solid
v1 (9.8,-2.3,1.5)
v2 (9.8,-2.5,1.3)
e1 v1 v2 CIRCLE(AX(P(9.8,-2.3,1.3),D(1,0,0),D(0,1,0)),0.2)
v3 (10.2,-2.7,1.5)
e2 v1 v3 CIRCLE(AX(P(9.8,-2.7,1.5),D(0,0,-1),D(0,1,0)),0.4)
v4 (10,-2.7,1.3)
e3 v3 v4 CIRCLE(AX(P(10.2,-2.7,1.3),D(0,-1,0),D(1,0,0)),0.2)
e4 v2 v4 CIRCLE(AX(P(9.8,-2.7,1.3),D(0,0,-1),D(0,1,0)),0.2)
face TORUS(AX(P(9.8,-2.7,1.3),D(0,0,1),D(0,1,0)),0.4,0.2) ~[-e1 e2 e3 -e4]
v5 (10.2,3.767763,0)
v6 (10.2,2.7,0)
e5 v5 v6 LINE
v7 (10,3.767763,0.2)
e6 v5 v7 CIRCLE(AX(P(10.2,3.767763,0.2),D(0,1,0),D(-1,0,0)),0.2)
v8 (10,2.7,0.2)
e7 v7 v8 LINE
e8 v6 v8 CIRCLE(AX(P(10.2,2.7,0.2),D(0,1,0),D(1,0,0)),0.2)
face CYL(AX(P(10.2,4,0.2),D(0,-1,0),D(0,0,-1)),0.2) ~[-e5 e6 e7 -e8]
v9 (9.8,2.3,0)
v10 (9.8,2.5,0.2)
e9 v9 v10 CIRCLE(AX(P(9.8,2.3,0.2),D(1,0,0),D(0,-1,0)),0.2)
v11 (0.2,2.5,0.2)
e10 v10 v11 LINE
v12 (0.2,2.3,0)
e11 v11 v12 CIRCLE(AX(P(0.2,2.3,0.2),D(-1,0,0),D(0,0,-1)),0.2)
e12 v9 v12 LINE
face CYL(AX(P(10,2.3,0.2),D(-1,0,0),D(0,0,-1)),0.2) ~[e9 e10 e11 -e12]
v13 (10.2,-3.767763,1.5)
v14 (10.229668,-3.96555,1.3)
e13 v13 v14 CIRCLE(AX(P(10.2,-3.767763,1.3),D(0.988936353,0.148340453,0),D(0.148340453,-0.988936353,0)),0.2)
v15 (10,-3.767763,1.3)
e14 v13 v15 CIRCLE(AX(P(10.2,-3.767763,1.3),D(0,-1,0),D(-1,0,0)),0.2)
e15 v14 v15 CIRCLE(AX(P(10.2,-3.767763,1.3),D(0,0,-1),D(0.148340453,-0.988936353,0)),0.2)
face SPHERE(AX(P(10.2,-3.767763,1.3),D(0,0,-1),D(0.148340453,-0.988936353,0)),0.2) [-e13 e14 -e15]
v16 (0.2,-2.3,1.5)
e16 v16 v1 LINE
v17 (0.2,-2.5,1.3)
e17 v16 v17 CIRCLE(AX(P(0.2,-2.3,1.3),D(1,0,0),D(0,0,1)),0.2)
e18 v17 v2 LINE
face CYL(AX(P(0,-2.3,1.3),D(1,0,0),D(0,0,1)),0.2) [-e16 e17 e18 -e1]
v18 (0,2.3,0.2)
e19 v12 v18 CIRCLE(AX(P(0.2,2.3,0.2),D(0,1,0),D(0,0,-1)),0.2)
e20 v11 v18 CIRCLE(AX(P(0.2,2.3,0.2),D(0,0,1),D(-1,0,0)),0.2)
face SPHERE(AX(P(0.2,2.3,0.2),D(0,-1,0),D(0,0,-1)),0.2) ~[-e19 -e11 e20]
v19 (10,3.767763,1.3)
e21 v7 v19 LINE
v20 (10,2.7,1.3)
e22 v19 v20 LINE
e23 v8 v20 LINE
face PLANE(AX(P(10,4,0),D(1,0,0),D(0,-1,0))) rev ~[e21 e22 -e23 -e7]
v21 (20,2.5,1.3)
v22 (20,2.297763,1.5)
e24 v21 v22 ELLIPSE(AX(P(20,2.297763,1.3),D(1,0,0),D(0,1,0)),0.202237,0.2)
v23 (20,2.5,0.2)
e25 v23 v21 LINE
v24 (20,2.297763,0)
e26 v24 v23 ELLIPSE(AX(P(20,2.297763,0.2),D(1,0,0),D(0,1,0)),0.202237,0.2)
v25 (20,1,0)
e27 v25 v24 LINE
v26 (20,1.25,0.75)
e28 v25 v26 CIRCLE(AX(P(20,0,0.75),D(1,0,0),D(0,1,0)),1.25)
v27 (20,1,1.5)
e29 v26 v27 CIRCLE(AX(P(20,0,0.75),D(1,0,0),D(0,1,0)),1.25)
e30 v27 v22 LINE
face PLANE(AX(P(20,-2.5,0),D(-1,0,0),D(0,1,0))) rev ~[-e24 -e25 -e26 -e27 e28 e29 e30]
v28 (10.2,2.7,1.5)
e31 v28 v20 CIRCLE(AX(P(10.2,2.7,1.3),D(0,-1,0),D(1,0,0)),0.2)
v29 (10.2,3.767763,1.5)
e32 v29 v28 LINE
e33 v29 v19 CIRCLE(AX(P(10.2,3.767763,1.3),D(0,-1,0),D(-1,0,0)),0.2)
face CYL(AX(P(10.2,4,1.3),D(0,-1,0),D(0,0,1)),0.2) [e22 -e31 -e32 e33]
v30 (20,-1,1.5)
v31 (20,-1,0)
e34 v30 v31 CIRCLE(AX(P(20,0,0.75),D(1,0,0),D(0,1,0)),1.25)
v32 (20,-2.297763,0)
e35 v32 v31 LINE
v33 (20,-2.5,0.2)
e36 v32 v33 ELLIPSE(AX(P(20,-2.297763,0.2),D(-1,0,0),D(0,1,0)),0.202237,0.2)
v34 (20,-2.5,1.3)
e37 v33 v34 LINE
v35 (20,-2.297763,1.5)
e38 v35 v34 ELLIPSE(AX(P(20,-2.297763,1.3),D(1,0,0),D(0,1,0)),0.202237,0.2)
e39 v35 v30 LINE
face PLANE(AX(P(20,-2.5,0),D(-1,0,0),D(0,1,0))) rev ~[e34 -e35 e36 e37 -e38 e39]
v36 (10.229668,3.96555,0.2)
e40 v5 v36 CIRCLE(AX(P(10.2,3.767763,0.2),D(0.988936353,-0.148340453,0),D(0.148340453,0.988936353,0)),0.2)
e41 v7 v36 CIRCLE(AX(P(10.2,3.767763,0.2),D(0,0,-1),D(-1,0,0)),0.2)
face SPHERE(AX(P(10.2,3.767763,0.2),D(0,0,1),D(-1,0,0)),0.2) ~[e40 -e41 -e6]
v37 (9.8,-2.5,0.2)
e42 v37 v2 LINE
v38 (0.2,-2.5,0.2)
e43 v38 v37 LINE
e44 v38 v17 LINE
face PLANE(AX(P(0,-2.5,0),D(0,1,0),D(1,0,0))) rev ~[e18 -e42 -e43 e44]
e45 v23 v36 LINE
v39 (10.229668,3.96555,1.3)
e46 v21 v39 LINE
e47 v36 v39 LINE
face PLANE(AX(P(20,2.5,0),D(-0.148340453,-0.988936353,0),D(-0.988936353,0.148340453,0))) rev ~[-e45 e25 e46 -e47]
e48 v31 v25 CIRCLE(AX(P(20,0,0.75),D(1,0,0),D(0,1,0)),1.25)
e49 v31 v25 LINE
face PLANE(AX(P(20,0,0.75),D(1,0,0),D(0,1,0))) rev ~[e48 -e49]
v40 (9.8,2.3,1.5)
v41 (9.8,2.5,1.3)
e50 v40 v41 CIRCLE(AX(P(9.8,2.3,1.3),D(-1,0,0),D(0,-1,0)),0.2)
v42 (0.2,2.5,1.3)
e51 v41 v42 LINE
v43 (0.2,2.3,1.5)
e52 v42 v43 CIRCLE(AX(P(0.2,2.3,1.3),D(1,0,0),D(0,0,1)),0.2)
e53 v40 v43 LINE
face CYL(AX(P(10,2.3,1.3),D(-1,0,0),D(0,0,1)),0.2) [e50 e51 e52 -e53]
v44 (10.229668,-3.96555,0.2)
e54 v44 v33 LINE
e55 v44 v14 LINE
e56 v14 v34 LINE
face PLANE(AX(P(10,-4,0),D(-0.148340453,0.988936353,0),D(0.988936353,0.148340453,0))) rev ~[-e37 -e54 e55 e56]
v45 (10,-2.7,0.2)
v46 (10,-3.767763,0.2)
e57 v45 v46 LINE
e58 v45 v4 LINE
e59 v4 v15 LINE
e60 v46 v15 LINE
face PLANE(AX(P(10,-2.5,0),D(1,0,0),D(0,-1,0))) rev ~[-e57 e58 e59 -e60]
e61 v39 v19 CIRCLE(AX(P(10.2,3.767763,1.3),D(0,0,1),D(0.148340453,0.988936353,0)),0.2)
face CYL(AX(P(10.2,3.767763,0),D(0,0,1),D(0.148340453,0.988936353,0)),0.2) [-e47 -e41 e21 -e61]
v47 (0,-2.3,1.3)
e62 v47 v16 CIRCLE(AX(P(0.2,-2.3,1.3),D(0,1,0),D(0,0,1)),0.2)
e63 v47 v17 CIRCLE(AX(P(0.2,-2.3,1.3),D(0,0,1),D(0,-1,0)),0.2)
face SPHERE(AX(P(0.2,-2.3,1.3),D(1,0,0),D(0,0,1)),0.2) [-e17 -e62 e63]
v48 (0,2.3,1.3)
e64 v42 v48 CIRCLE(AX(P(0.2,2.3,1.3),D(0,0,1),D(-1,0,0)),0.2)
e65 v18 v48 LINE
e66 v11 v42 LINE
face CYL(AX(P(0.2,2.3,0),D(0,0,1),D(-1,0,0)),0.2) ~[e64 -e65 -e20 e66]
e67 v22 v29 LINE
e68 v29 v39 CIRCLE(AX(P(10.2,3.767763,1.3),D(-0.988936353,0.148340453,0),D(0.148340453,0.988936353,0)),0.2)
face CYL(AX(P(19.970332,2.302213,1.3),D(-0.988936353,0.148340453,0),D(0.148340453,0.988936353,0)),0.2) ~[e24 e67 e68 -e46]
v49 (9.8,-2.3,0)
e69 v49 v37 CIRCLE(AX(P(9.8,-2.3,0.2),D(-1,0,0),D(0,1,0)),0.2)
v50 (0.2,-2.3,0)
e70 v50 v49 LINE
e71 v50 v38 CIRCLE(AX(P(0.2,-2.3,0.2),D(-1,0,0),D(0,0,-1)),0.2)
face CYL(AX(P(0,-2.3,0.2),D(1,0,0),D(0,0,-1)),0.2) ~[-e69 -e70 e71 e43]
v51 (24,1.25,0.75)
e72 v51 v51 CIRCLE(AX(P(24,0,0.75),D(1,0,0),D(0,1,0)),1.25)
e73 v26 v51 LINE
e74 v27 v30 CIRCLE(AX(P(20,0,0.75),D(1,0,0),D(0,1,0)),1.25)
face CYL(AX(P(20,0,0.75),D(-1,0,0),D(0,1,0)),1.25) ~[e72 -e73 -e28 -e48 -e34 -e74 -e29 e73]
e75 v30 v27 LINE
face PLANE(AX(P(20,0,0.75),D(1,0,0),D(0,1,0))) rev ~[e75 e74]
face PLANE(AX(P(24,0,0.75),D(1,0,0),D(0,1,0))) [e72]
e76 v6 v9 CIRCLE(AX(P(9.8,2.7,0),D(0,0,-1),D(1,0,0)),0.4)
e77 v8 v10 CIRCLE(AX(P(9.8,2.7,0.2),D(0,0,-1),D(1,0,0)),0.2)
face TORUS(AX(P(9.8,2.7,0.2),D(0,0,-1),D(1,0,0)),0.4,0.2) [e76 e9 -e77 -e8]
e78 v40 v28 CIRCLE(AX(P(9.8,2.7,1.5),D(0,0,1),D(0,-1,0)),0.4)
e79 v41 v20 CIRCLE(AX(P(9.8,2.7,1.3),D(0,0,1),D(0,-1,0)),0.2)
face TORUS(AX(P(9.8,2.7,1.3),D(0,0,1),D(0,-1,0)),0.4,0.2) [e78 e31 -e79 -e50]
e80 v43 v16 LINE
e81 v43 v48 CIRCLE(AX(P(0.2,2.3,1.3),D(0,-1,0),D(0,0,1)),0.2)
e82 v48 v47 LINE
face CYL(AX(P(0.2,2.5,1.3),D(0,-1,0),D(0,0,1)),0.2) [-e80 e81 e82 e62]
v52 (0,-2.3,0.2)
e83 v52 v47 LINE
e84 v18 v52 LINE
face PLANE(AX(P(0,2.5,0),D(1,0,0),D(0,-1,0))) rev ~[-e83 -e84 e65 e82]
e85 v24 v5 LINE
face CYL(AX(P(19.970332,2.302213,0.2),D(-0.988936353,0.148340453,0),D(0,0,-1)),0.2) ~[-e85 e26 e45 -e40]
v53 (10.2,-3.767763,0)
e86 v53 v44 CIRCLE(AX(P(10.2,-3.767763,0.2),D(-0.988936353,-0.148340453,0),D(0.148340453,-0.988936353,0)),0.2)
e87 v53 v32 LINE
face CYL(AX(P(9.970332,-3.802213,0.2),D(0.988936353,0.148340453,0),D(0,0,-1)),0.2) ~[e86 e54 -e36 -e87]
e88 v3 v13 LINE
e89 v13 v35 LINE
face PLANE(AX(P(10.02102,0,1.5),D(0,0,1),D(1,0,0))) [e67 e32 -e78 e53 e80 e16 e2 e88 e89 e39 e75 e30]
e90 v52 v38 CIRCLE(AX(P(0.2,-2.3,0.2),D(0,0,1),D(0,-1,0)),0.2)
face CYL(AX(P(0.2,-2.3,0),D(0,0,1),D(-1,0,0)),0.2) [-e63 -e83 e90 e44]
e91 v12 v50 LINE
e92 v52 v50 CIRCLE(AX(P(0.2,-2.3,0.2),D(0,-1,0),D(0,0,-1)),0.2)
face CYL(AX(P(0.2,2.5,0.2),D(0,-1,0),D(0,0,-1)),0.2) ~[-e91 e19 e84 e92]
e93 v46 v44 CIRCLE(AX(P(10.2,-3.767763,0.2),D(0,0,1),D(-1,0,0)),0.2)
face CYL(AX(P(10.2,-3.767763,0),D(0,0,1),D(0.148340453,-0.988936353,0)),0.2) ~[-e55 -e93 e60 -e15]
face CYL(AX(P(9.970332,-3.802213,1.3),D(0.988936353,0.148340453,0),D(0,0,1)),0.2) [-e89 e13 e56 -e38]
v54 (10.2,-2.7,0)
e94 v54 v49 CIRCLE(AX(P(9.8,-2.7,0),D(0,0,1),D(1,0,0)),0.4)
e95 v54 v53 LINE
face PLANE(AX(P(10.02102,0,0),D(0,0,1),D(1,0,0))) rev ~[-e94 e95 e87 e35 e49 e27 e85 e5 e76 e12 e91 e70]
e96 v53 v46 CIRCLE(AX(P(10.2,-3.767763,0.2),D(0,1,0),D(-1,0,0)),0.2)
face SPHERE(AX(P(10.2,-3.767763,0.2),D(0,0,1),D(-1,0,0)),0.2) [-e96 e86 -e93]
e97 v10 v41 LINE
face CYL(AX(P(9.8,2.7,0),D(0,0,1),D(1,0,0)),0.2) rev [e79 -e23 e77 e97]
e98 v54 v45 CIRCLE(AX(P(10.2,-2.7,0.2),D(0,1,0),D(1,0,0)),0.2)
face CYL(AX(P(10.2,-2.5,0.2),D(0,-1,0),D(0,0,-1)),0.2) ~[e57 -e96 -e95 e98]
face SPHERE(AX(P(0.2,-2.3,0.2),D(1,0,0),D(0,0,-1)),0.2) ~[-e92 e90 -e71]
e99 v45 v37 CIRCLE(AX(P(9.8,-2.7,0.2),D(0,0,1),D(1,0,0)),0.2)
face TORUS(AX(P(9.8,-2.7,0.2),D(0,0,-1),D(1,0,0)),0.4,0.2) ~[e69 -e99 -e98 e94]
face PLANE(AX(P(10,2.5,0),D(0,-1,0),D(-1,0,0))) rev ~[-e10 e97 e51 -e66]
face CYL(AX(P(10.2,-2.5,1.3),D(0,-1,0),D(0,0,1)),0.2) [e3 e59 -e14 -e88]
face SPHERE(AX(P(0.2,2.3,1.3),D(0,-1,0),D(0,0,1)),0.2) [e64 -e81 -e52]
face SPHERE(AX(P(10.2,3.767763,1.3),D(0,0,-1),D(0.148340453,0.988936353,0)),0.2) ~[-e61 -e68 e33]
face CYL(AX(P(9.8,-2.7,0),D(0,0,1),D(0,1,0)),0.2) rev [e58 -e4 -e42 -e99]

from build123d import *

# Parameters (mm, degrees)
F1_DEPTH = 1.5
F2_R     = 1.25
F3_DEPTH = 4
F4_R     = 0.2


with BuildPart() as f1:
    # F0 (on Top) → F1 (new body)
    with BuildSketch(Plane.XY):
        Polygon((0, 2.5), (0, 0), (0, -2.5), (10, -2.5), (10, -4), (20, -2.5), (20, 0), (20, 2.5), (10, 4), (10, 2.5), align=None)
    extrude(amount=F1_DEPTH)

    # F2 (on face) → F3 (join)
    with BuildSketch(Plane.YZ.offset(20)):
        with Locations((0, 0.75)):
            Circle(F2_R)
    extrude(amount=F3_DEPTH)

    # F4
    f4_edges = [f1.edges().sort_by_distance(p)[0] for p in [
        (5, -2.5, 1.5),
        (0, 0, 1.5),
        (5, 2.5, 1.5),
        (15, 3.25, 1.5),
        (15, -3.25, 1.5),
        (10, -3.25, 1.5),
        (10, 3.25, 1.5),
        (10, -3.25, 0),
        (15, -3.25, 0),
        (5, -2.5, 0),
        (0, 0, 0),
        (10, 3.25, 0),
        (5, 2.5, 0),
        (15, 3.25, 0),
        (10, 4, 0.75),
        (10, 2.5, 0.75),
        (10, -2.5, 0.75),
        (10, -4, 0.75),
        (0, -2.5, 0.75),
        (0, 2.5, 0.75),
    ]]
    fillet(f4_edges, radius=F4_R)


solid = f1.part
